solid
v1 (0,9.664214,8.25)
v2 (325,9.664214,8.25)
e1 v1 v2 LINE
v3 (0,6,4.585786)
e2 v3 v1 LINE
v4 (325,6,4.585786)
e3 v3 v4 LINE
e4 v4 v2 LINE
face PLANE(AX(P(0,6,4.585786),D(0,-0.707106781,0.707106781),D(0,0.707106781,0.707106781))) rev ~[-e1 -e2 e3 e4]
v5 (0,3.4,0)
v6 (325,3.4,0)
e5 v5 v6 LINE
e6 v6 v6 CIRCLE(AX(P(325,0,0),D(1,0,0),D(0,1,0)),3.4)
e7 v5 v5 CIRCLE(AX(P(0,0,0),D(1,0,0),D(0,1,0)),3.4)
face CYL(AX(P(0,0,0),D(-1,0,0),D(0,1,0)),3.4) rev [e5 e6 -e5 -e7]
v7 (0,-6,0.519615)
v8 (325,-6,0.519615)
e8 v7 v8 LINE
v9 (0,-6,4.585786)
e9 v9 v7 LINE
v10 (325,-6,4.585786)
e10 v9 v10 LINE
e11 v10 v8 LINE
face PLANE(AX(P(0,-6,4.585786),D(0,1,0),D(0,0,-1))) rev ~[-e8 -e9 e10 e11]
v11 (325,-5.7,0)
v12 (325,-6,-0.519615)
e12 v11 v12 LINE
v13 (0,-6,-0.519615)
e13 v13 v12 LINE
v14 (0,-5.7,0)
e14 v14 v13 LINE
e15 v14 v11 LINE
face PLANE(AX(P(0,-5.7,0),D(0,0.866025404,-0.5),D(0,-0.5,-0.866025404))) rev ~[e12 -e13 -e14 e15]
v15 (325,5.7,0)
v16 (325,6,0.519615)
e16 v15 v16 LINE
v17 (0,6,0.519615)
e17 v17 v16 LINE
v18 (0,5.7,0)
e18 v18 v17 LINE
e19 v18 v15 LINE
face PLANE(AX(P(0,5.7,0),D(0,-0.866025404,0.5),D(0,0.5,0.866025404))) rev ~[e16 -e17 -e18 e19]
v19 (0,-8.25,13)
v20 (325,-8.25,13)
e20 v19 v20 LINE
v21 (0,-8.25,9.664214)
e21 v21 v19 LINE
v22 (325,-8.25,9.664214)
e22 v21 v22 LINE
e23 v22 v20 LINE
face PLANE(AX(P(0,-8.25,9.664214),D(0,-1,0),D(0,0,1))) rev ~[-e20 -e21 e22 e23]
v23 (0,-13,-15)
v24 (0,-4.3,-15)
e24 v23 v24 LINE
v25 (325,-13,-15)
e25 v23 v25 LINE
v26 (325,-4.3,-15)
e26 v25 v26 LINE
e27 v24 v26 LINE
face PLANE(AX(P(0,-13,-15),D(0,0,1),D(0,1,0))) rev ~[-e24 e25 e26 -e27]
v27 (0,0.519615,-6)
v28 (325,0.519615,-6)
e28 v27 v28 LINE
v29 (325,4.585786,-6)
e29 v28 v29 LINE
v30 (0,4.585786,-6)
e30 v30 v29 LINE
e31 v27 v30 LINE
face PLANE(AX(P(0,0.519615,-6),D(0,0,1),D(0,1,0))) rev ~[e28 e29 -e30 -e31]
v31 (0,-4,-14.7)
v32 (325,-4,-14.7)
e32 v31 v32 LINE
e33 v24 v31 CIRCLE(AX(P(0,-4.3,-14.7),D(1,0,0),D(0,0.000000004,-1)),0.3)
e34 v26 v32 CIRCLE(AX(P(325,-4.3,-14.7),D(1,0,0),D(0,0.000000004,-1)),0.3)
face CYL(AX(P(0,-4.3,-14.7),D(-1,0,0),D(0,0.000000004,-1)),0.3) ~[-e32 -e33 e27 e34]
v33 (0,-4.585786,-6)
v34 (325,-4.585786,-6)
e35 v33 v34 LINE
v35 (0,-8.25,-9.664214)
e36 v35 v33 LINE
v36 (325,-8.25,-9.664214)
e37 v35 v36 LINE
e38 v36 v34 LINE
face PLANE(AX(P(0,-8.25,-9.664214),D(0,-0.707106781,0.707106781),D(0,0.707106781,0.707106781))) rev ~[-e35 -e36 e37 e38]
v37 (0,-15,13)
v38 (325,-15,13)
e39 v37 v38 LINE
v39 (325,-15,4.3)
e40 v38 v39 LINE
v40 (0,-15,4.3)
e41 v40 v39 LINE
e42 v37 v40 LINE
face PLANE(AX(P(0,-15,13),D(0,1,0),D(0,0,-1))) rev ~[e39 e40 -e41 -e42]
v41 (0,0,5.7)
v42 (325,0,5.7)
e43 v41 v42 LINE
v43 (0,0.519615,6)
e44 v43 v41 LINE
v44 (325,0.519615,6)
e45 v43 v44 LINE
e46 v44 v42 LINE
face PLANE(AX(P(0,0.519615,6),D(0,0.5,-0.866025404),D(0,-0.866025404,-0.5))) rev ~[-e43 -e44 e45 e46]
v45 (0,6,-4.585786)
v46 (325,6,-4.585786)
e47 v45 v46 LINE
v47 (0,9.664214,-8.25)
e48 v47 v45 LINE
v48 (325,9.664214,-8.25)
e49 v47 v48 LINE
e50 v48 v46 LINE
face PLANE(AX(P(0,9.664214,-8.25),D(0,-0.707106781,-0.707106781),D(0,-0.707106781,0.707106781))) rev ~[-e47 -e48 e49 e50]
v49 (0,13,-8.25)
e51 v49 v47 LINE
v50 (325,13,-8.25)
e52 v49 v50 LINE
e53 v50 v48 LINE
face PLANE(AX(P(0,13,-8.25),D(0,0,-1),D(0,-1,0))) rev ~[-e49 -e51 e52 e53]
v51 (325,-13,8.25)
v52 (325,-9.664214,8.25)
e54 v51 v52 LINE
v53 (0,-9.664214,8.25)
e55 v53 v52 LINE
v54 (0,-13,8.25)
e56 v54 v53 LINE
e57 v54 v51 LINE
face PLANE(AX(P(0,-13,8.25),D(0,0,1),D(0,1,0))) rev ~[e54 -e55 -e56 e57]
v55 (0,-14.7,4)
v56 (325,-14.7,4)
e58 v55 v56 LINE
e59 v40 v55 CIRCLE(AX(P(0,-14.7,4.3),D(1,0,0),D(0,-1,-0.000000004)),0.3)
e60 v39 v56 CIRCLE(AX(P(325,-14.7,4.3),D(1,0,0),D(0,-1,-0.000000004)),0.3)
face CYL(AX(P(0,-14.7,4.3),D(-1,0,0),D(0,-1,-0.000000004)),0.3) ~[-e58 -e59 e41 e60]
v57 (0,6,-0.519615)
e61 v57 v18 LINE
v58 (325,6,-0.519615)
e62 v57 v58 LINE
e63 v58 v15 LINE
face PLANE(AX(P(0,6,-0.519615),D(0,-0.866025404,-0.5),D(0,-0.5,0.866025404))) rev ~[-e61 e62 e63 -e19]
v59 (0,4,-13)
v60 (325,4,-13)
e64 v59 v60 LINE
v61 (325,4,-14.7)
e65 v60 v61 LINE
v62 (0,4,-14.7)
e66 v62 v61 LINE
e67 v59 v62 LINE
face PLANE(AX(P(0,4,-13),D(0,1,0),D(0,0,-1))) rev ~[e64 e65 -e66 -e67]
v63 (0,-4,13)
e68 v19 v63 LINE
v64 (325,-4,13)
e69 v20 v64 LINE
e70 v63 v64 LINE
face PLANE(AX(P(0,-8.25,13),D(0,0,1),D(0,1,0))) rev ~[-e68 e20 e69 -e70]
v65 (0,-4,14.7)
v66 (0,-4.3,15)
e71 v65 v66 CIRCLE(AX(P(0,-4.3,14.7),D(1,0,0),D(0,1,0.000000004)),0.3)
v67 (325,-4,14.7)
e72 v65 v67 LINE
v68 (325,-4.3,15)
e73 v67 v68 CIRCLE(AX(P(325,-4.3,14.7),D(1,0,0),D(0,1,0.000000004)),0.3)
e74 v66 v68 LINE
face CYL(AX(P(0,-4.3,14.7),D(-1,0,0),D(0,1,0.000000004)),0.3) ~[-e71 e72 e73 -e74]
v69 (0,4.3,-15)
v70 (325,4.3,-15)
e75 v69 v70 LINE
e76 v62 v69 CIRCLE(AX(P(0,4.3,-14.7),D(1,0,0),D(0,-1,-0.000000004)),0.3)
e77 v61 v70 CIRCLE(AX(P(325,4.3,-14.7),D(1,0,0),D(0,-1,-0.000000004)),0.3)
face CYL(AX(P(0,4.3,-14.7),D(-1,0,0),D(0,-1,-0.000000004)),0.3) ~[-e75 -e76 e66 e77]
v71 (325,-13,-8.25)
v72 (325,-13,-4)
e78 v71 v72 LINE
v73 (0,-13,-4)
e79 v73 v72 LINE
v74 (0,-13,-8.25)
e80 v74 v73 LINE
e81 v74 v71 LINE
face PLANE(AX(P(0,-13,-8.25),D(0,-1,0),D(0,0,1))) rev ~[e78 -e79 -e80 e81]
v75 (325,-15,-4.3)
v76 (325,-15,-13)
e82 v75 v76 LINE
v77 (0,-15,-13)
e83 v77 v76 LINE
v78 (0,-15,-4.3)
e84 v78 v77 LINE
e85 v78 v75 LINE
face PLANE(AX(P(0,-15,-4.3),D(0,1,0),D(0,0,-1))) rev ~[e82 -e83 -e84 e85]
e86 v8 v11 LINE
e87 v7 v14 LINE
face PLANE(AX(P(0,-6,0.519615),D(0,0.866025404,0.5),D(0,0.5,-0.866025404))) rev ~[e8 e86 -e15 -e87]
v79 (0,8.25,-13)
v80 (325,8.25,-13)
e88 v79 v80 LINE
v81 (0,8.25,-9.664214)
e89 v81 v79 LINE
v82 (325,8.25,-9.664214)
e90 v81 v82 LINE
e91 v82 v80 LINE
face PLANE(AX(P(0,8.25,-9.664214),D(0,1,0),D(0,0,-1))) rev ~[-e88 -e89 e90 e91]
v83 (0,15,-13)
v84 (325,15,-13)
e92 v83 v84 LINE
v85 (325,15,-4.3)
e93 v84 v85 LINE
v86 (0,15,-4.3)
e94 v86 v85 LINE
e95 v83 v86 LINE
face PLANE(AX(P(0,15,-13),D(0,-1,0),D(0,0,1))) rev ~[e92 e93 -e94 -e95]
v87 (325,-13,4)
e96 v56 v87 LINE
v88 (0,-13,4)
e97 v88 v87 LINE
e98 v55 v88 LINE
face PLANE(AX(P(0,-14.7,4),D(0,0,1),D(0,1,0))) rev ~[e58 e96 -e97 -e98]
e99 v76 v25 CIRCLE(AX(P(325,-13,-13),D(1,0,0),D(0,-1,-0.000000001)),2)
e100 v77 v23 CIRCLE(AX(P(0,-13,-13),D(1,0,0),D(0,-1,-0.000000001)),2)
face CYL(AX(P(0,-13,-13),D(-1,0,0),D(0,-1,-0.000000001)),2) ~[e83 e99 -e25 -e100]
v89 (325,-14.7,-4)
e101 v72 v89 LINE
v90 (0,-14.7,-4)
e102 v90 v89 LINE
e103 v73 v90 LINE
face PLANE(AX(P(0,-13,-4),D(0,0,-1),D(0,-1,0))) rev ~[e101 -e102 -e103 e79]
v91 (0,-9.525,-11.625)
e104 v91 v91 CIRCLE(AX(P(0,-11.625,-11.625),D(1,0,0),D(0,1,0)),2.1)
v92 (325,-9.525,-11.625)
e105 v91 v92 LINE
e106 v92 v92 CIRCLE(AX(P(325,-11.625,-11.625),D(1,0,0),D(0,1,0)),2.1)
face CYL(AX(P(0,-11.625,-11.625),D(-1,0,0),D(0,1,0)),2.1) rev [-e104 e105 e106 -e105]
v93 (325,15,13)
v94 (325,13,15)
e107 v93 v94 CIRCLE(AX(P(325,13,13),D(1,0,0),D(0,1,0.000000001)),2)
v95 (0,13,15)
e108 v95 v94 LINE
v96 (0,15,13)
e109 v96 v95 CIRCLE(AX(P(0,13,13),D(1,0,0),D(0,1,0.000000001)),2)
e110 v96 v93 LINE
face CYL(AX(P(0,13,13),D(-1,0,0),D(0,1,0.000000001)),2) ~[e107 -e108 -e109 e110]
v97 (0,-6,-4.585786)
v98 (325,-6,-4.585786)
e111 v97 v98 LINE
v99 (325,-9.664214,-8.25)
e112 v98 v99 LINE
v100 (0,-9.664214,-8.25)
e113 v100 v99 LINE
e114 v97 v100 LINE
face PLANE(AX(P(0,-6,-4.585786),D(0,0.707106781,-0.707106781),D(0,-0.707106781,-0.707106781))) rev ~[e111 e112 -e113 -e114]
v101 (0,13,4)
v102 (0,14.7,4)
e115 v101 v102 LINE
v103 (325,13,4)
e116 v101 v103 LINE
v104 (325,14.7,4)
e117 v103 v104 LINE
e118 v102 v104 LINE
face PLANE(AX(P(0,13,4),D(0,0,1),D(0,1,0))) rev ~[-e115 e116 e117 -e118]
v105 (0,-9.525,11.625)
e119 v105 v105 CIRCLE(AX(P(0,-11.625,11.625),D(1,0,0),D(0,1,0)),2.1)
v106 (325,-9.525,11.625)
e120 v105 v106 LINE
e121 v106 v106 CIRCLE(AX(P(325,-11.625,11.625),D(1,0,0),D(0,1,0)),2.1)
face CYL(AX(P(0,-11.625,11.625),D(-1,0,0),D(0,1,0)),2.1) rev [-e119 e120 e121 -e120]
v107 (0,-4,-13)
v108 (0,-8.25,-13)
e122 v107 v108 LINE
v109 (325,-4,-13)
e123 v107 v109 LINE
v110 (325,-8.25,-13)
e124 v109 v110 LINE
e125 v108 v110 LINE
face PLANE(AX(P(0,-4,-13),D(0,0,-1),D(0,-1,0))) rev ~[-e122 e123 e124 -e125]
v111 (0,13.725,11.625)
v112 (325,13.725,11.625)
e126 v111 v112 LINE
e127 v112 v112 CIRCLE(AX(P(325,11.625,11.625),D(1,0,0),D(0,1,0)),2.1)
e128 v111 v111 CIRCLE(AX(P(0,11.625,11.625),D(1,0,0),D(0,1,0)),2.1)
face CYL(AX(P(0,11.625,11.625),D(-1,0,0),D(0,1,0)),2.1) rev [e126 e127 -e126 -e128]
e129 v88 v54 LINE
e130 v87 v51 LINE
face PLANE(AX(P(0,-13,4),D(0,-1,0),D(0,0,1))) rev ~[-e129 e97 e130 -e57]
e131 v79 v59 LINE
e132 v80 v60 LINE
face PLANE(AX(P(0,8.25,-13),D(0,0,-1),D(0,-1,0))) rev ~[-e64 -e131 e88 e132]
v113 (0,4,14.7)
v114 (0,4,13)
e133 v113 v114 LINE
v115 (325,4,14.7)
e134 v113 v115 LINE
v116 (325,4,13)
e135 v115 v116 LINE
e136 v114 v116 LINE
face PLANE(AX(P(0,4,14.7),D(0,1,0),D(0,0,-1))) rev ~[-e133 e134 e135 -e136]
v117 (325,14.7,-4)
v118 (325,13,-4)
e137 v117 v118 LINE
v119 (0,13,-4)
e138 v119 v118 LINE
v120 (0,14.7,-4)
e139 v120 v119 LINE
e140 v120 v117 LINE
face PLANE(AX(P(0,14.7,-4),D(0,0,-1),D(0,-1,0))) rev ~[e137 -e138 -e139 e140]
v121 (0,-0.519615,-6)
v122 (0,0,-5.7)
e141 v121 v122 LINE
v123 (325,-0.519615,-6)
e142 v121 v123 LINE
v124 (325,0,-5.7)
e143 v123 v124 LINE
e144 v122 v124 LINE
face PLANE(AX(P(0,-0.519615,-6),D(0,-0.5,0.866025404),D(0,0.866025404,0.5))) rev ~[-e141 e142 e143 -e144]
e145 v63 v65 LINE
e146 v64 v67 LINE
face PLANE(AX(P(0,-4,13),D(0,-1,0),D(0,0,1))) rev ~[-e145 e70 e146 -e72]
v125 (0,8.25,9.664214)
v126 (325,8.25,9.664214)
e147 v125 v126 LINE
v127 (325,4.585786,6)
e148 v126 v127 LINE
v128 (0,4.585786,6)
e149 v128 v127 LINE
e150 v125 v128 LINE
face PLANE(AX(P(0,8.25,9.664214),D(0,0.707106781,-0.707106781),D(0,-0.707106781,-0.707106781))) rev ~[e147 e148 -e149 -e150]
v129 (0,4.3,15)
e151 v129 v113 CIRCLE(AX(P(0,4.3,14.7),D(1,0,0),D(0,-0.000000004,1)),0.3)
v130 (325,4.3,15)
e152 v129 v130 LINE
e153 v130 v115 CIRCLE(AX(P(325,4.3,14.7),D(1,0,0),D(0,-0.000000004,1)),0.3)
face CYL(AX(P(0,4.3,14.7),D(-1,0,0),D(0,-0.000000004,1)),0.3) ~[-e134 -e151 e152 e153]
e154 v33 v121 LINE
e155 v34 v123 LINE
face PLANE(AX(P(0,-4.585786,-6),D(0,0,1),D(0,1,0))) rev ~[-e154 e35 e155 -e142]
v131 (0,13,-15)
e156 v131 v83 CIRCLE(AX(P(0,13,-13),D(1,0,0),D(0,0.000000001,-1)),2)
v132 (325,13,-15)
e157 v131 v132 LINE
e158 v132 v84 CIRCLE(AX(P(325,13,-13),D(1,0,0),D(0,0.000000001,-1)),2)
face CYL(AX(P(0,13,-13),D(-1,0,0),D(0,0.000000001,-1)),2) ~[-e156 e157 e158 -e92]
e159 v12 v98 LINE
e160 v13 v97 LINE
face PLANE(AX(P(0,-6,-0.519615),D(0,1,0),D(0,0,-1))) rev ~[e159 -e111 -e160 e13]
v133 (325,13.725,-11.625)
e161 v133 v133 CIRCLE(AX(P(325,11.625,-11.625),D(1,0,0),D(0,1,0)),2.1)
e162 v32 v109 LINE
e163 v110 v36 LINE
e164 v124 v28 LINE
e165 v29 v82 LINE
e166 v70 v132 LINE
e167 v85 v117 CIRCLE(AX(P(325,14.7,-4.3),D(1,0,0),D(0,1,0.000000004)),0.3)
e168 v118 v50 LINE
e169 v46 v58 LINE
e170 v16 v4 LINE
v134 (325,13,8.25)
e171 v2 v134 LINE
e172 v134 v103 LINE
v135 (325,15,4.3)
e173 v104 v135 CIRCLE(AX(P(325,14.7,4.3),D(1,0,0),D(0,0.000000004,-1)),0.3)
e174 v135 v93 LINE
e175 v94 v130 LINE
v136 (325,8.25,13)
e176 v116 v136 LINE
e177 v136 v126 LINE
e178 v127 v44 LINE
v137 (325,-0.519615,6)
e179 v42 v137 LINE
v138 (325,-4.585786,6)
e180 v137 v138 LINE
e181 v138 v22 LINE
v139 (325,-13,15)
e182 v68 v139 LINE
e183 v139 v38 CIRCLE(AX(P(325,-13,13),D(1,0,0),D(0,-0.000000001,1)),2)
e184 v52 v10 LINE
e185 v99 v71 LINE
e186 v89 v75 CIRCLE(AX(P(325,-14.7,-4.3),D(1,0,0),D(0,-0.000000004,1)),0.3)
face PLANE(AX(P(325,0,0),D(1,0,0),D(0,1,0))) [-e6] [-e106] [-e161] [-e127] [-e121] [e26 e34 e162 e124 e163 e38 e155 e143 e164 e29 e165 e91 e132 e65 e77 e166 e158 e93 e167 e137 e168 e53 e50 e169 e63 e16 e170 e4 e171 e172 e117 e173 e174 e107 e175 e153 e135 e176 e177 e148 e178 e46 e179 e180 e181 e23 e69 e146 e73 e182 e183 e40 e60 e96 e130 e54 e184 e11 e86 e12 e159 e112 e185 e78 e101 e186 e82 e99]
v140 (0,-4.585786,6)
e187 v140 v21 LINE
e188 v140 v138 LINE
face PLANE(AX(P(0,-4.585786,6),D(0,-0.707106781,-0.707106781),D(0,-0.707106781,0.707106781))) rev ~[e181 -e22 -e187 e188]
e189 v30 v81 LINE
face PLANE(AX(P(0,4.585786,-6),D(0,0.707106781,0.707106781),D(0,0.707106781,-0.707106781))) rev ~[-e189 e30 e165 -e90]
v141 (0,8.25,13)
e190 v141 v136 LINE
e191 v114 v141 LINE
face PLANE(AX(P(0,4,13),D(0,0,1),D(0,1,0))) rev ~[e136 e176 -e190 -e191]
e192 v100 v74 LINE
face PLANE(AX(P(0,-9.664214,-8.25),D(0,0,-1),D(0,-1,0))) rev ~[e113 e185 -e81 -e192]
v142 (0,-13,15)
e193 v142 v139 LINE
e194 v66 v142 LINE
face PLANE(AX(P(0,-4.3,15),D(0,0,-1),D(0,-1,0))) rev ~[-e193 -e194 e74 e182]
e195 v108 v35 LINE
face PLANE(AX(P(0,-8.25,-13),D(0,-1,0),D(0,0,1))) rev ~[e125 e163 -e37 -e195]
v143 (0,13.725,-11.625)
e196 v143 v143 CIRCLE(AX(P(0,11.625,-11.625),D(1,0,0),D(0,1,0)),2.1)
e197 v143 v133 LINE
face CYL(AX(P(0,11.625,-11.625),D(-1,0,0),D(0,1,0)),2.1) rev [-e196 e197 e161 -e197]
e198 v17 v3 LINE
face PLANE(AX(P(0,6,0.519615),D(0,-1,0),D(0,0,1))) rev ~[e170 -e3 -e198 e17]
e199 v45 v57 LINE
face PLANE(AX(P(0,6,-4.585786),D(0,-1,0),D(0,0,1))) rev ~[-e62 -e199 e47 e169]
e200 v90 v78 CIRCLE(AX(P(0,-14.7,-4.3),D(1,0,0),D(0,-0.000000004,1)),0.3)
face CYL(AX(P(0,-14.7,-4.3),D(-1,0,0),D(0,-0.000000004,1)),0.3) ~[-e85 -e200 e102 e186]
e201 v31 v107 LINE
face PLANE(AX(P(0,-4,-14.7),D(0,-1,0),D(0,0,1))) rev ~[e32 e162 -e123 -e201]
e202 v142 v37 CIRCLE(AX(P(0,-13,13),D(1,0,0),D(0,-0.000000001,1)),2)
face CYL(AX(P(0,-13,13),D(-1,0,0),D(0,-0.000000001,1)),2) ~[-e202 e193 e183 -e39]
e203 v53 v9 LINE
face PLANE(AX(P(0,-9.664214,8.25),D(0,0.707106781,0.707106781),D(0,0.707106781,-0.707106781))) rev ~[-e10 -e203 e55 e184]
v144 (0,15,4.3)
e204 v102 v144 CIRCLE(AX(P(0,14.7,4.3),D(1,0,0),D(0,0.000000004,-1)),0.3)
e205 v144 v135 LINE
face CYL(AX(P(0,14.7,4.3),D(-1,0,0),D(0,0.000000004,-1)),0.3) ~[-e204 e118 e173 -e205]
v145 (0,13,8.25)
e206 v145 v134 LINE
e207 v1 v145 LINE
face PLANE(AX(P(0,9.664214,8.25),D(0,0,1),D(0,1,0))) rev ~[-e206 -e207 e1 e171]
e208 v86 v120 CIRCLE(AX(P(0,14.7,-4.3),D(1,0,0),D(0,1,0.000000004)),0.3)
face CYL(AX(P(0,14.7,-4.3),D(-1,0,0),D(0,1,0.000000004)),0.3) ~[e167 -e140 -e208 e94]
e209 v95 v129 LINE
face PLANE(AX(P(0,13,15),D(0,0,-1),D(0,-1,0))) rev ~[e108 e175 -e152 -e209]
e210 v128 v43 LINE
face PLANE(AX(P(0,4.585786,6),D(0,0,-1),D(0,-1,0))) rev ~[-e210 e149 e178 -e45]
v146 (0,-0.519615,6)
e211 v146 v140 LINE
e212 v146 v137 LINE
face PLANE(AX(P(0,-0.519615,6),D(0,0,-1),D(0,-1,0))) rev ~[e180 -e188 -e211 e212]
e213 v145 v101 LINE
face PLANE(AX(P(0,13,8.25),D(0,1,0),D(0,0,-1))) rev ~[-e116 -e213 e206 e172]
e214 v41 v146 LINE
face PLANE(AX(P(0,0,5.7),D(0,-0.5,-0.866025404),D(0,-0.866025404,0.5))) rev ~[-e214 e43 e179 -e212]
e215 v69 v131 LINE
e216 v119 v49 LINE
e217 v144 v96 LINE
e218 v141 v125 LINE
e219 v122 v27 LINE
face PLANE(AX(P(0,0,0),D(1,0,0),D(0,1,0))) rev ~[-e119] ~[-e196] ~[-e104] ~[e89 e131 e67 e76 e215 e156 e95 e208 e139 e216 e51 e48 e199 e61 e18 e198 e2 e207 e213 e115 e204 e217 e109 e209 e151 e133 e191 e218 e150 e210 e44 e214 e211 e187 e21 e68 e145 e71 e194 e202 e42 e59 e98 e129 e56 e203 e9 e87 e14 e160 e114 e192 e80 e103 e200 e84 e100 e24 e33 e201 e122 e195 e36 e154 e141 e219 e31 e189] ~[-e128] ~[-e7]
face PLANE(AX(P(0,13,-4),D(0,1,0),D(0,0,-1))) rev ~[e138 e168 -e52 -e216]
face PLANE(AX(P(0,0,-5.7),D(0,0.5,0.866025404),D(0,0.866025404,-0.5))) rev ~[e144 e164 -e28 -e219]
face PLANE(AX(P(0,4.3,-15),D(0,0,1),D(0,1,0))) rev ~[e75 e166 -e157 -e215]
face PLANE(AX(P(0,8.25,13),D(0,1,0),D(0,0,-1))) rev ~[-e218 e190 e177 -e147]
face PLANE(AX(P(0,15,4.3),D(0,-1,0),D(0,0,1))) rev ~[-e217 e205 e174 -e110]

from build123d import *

# Parameters (mm, degrees)
SKETCH_1_R              = 2.1
SKETCH_1_R_2            = 3.4
F_30XS6_30X30S6_1_DEPTH = 325


with BuildPart() as part:
    # 草图1 → 30xs6 30X30S6(1) (new body)
    with BuildSketch(Plane.YZ):
        with BuildLine():
            Line((-14.7, 4), (-13, 4))
            Line((-13, 4), (-13, 8.25))
            Line((-13, 8.25), (-9.664213562, 8.25))
            Line((-9.664213562, 8.25), (-6, 4.585786438))
            Line((-6, 4.585786438), (-6, 0.519615242))
            Line((-6, 0.519615242), (-5.7, 0))
            Line((-5.7, 0), (-6, -0.519615242))
            Line((-6, -0.519615242), (-6, -4.585786438))
            Line((-6, -4.585786438), (-9.664213562, -8.25))
            Line((-9.664213562, -8.25), (-13, -8.25))
            Line((-13, -8.25), (-13, -4))
            Line((-13, -4), (-14.7, -4))
            ThreePointArc((-14.7, -4), (-14.912132034, -4.087867966), (-15, -4.3))
            Line((-15, -4.3), (-15, -13))
            ThreePointArc((-15, -13), (-14.414213562, -14.414213562), (-13, -15))
            Line((-13, -15), (-4.3, -15))
            ThreePointArc((-4.3, -15), (-4.087867966, -14.912132034), (-4, -14.7))
            Line((-4, -14.7), (-4, -13))
            Line((-4, -13), (-8.25, -13))
            Line((-8.25, -13), (-8.25, -9.664213562))
            Line((-8.25, -9.664213562), (-4.585786438, -6))
            Line((-4.585786438, -6), (-0.519615242, -6))
            Line((-0.519615242, -6), (0, -5.7))
            Line((0, -5.7), (0.519615242, -6))
            Line((0.519615242, -6), (4.585786438, -6))
            Line((4.585786438, -6), (8.25, -9.664213562))
            Line((8.25, -9.664213562), (8.25, -13))
            Line((8.25, -13), (4, -13))
            Line((4, -13), (4, -14.7))
            ThreePointArc((4, -14.7), (4.087867966, -14.912132034), (4.3, -15))
            Line((4.3, -15), (13, -15))
            ThreePointArc((13, -15), (14.414213562, -14.414213562), (15, -13))
            Line((15, -13), (15, -4.3))
            ThreePointArc((15, -4.3), (14.912132034, -4.087867966), (14.7, -4))
            Line((14.7, -4), (13, -4))
            Line((13, -4), (13, -8.25))
            Line((13, -8.25), (9.664213562, -8.25))
            Line((9.664213562, -8.25), (6, -4.585786438))
            Line((6, -4.585786438), (6, -0.519615242))
            Line((6, -0.519615242), (5.7, 0))
            Line((5.7, 0), (6, 0.519615242))
            Line((6, 0.519615242), (6, 4.585786438))
            Line((6, 4.585786438), (9.664213562, 8.25))
            Line((9.664213562, 8.25), (13, 8.25))
            Line((13, 8.25), (13, 4))
            Line((13, 4), (14.7, 4))
            ThreePointArc((14.7, 4), (14.912132034, 4.087867966), (15, 4.3))
            Line((15, 4.3), (15, 13))
            ThreePointArc((15, 13), (14.414213562, 14.414213562), (13, 15))
            Line((13, 15), (4.3, 15))
            ThreePointArc((4.3, 15), (4.087867966, 14.912132034), (4, 14.7))
            Line((4, 14.7), (4, 13))
            Line((4, 13), (8.25, 13))
            Line((8.25, 13), (8.25, 9.664213562))
            Line((8.25, 9.664213562), (4.585786438, 6))
            Line((4.585786438, 6), (0.519615242, 6))
            Line((0.519615242, 6), (0, 5.7))
            Line((0, 5.7), (-0.519615242, 6))
            Line((-0.519615242, 6), (-4.585786438, 6))
            Line((-4.585786438, 6), (-8.25, 9.664213562))
            Line((-8.25, 9.664213562), (-8.25, 13))
            Line((-8.25, 13), (-4, 13))
            Line((-4, 13), (-4, 14.7))
            ThreePointArc((-4, 14.7), (-4.087867966, 14.912132034), (-4.3, 15))
            Line((-4.3, 15), (-13, 15))
            ThreePointArc((-13, 15), (-14.414213562, 14.414213562), (-15, 13))
            Line((-15, 13), (-15, 4.3))
            ThreePointArc((-15, 4.3), (-14.912132034, 4.087867966), (-14.7, 4))
        make_face()
        with Locations((11.625, 11.625)):
            Circle(SKETCH_1_R, mode=Mode.SUBTRACT)
        with Locations((11.625, -11.625)):
            Circle(SKETCH_1_R, mode=Mode.SUBTRACT)
        Circle(SKETCH_1_R_2, mode=Mode.SUBTRACT)
        with Locations((-11.625, -11.625)):
            Circle(SKETCH_1_R, mode=Mode.SUBTRACT)
        with Locations((-11.625, 11.625)):
            Circle(SKETCH_1_R, mode=Mode.SUBTRACT)
    extrude(amount=F_30XS6_30X30S6_1_DEPTH)


solid = part.part
